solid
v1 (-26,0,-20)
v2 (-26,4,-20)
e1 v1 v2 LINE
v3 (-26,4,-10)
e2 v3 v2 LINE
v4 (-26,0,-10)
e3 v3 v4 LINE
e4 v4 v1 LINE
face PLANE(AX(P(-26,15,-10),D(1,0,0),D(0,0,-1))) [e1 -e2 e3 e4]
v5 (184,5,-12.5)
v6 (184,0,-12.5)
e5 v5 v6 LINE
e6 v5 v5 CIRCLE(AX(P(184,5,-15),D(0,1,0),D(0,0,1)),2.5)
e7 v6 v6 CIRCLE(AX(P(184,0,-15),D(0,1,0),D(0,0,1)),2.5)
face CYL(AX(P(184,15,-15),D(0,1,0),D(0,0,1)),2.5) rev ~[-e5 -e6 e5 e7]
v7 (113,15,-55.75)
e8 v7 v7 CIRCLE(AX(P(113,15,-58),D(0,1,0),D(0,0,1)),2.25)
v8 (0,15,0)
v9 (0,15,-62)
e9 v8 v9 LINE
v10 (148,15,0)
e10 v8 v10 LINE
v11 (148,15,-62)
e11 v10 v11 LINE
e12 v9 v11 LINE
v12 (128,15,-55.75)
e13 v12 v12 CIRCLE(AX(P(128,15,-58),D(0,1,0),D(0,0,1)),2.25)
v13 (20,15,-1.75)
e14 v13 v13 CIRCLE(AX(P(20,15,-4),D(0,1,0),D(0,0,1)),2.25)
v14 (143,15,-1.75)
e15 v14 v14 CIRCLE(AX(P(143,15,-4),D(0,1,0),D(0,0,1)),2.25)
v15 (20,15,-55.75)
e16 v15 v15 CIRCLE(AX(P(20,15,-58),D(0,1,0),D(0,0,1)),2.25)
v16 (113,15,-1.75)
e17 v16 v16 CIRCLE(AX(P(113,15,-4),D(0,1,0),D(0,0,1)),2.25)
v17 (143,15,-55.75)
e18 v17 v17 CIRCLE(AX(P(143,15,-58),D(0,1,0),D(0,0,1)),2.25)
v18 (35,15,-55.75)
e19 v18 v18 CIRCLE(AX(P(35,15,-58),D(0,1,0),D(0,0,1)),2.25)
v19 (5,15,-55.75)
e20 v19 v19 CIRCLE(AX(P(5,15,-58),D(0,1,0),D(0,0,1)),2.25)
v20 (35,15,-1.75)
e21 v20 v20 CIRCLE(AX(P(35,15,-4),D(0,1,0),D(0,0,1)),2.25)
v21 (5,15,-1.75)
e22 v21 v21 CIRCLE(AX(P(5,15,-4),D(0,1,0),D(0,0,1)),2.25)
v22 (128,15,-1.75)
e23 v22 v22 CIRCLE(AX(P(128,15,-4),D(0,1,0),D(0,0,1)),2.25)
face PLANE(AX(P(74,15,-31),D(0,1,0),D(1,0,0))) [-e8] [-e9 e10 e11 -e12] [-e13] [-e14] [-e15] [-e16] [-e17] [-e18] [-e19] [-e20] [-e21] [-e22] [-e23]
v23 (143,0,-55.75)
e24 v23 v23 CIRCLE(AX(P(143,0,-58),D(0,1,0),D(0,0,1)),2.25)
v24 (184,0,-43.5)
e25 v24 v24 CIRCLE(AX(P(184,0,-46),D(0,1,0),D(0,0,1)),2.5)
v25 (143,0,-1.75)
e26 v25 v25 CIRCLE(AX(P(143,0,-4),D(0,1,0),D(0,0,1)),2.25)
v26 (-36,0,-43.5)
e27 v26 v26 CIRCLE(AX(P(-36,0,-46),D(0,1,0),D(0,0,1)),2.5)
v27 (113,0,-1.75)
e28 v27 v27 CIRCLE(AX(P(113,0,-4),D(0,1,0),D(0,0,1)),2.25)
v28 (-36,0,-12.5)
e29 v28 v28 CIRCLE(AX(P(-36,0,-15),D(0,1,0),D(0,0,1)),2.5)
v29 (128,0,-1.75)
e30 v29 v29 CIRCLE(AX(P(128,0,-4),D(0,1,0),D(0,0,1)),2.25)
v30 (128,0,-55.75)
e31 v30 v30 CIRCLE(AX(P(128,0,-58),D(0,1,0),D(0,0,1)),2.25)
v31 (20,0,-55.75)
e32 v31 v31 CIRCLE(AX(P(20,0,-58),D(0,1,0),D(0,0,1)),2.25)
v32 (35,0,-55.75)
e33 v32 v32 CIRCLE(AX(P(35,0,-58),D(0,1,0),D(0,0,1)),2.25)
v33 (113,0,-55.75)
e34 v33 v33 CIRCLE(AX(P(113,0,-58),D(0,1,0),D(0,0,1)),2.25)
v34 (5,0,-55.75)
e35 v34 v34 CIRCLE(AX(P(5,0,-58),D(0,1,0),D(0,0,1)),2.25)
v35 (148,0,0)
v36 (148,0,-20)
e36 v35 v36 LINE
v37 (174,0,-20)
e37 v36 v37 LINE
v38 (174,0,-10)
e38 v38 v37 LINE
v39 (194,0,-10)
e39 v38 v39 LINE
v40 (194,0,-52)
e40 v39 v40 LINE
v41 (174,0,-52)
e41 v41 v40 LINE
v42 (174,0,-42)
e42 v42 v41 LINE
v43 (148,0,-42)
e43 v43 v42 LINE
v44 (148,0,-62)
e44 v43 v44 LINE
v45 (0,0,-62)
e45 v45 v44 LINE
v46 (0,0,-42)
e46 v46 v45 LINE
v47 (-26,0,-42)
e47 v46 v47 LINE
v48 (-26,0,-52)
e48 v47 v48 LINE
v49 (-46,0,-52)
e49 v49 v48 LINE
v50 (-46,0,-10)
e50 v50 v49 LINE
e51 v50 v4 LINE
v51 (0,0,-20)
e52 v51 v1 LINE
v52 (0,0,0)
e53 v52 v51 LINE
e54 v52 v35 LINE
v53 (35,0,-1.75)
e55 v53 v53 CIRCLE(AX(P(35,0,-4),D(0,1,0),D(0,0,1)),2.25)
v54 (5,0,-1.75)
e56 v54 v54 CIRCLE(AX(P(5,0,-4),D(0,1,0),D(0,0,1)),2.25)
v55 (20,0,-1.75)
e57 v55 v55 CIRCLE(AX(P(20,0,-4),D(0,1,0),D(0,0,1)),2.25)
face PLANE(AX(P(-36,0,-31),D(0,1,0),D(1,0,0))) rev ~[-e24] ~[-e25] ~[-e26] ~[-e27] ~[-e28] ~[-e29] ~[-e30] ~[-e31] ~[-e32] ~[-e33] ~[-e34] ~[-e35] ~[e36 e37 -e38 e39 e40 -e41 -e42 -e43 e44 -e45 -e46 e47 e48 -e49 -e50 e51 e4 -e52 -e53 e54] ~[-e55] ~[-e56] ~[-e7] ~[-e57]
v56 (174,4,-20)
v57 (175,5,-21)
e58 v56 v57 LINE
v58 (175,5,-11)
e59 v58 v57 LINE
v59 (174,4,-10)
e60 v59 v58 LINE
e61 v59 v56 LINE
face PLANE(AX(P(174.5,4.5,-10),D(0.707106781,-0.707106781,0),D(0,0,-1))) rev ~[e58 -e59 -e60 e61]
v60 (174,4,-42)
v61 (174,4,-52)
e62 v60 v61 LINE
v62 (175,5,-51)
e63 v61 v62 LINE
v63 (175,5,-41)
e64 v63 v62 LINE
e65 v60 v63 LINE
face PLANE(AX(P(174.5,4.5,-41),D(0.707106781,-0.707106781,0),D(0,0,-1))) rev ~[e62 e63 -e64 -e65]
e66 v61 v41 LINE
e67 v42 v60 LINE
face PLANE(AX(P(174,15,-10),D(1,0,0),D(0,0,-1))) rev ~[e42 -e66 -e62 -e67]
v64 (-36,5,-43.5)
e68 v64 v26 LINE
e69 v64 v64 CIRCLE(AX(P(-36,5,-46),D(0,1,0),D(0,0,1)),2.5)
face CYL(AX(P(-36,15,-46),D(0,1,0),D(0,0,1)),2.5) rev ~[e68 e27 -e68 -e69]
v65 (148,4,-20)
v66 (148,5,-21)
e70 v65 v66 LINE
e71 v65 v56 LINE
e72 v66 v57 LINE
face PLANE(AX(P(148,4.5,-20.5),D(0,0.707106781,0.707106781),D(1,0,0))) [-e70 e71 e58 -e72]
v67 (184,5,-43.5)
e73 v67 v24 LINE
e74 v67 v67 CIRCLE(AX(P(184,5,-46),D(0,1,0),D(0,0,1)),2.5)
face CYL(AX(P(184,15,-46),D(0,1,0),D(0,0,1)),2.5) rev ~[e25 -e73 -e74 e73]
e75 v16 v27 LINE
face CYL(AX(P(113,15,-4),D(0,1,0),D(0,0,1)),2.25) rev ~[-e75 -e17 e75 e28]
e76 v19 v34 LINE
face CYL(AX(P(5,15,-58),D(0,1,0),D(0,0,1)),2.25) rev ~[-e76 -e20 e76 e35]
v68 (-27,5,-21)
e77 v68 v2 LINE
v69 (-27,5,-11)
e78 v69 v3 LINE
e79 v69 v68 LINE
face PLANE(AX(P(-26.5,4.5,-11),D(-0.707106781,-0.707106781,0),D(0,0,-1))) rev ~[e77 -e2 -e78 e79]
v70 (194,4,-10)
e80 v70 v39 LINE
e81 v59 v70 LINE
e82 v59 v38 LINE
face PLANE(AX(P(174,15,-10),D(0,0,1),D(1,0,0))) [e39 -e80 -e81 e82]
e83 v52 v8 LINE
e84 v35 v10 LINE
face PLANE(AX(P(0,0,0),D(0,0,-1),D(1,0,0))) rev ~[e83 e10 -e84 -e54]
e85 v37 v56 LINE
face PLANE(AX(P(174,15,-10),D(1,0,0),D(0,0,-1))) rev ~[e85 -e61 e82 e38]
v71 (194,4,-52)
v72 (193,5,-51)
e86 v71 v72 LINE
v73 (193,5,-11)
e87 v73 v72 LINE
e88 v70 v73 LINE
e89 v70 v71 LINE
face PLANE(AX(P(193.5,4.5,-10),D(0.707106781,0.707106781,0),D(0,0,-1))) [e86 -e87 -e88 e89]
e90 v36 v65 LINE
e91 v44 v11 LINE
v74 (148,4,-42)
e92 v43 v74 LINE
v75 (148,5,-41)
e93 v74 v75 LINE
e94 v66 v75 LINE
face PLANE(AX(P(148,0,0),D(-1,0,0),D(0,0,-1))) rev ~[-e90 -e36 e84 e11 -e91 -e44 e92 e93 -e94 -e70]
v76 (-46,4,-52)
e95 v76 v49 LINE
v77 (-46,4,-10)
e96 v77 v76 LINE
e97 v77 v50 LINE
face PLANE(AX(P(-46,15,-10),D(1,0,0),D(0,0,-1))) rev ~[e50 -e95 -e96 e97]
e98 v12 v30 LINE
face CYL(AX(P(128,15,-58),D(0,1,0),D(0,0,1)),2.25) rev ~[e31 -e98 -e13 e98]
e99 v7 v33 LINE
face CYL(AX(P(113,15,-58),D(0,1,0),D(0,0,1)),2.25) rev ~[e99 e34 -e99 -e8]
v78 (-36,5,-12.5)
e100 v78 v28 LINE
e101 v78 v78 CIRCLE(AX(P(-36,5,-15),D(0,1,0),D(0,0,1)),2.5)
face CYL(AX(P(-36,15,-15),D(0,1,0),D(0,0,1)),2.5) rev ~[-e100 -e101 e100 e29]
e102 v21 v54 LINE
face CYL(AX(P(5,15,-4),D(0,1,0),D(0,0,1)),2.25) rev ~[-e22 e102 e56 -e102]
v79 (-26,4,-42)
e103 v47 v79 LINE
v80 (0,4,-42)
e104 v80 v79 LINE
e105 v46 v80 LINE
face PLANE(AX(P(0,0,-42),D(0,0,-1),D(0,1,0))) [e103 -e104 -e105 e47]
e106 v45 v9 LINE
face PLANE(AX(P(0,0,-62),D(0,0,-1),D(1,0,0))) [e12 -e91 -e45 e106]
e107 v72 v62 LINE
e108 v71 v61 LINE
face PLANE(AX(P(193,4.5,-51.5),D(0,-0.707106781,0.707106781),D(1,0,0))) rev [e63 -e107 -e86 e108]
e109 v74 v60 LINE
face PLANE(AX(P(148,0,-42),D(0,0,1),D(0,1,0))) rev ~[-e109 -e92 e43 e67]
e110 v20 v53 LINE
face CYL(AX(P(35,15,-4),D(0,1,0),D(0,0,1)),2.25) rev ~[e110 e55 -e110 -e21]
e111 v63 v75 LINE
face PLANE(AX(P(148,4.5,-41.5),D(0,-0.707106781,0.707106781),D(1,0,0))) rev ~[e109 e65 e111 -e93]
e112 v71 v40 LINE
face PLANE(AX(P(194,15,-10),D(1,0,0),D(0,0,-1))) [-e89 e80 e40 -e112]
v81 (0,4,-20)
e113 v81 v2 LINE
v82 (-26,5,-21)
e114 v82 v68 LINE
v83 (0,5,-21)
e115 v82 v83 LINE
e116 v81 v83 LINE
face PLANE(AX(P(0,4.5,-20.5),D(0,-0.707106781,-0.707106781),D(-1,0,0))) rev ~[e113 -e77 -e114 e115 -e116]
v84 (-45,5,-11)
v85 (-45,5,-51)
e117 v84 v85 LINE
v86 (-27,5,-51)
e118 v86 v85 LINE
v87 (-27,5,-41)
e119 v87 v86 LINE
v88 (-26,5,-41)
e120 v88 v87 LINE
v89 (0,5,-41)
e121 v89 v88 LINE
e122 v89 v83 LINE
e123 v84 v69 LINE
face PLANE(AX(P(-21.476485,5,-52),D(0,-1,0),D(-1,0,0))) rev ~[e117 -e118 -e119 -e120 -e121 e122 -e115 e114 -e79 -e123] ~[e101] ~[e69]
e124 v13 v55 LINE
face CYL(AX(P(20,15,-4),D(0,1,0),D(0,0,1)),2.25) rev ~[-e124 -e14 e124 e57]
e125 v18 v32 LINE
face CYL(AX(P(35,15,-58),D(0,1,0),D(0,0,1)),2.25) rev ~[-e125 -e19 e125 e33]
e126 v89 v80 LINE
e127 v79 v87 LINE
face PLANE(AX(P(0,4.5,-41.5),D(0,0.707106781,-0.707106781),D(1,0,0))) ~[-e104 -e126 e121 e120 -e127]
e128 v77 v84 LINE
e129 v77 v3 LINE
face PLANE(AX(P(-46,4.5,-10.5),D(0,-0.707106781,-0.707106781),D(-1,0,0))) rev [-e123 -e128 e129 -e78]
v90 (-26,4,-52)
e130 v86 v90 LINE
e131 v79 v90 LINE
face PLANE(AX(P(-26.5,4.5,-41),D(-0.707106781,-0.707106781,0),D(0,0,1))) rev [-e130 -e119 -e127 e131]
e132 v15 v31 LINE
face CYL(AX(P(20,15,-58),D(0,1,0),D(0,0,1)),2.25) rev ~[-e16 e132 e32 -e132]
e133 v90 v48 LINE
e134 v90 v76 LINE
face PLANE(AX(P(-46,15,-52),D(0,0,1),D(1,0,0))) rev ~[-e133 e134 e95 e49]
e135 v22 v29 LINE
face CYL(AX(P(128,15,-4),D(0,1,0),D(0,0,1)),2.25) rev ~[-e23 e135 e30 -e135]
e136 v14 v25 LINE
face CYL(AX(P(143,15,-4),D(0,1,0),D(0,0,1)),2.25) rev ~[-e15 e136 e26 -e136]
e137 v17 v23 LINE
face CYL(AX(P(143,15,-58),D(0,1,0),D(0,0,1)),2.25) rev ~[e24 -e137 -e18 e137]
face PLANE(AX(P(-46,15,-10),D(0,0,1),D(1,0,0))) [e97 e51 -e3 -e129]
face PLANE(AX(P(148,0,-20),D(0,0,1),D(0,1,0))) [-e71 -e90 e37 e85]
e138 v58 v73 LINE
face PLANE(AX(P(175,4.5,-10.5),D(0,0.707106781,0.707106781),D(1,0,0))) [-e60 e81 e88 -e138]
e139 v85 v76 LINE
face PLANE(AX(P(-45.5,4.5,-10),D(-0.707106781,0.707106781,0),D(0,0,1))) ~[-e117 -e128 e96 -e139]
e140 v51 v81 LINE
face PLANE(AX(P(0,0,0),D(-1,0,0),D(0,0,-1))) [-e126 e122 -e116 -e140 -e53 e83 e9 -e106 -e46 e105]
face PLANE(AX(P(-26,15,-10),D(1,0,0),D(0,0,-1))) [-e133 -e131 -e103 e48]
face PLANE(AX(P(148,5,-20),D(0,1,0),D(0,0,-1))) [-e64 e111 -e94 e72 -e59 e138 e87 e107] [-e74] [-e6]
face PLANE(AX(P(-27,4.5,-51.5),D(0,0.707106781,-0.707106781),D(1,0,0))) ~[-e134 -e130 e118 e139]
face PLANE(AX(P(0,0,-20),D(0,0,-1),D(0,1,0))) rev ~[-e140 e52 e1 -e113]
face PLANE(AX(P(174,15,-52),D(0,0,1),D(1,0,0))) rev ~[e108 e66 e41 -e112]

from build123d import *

# Parameters (mm, degrees)
SKETCH1_W           = 148
SKETCH1_H           = 62
BOSS_EXTRUDE1_DEPTH = 15
SKETCH2_R           = 2.25
CUT_EXTRUDE1_DEPTH  = 35
SKETCH3_R           = 2.25
CUT_EXTRUDE2_DEPTH  = 25
SKETCH4_W           = 22
SKETCH4_H           = 5
BOSS_EXTRUDE2_DEPTH = 26
SKETCH5_W           = 22
SKETCH5_H           = 5
BOSS_EXTRUDE3_DEPTH = 26
SKETCH6_W           = 20
SKETCH6_H           = 42
BOSS_EXTRUDE4_DEPTH = 15
SKETCH7_W           = 20
SKETCH7_H           = 42
BOSS_EXTRUDE5_DEPTH = 15
SKETCH8_R           = 2.5
CUT_EXTRUDE3_DEPTH  = 25
SKETCH9_R           = 2.5
CUT_EXTRUDE4_DEPTH  = 25
CHAMFER3_SIZE       = 1
CHAMFER4_SIZE       = 1
CHAMFER5_SIZE       = 1
SKETCH10_W          = 27.530750263
SKETCH10_H          = 14.173658936
CUT_EXTRUDE5_DEPTH  = 60
SKETCH11_W          = 32.495188708
SKETCH11_H          = 15.919959855
CUT_EXTRUDE6_DEPTH  = 60
CHAMFER6_SIZE       = 1
CHAMFER7_SIZE       = 1


with BuildPart() as part:
    # Sketch1 → Boss-Extrude1 (new body)
    with BuildSketch(Plane(origin=(0, 0, 0), x_dir=(1, 0, 0), z_dir=(0, 1, 0))):
        with Locations((74, 31)):
            Rectangle(SKETCH1_W, SKETCH1_H)
    extrude(amount=BOSS_EXTRUDE1_DEPTH)

    # Sketch2 → Cut-Extrude1 (cut)
    with BuildSketch(Plane(origin=(0, 15, 0), x_dir=(1, 0, 0), z_dir=(0, 1, 0))):
        with Locations(Location((5, 4, 0), (0, 0, 270))):
            Circle(SKETCH2_R)
        with Locations(Location((20, 4, 0), (0, 0, 270))):
            Circle(SKETCH2_R)
        with Locations(Location((35, 4, 0), (0, 0, 270))):
            Circle(SKETCH2_R)
        with Locations(Location((5, 58, 0), (0, 0, 270))):
            Circle(SKETCH2_R)
        with Locations(Location((20, 58, 0), (0, 0, 270))):
            Circle(SKETCH2_R)
        with Locations(Location((35, 58, 0), (0, 0, 270))):
            Circle(SKETCH2_R)
    extrude(amount=-CUT_EXTRUDE1_DEPTH, mode=Mode.SUBTRACT)

    # Sketch3 → Cut-Extrude2 (cut)
    with BuildSketch(Plane(origin=(0, 15, 0), x_dir=(1, 0, 0), z_dir=(0, 1, 0))):
        with Locations(Location((143, 58, 0), (0, 0, 270))):
            Circle(SKETCH3_R)
        with Locations(Location((143, 4, 0), (0, 0, 270))):
            Circle(SKETCH3_R)
        with Locations(Location((128, 58, 0), (0, 0, 270))):
            Circle(SKETCH3_R)
        with Locations(Location((113, 58, 0), (0, 0, 270))):
            Circle(SKETCH3_R)
        with Locations(Location((128, 4, 0), (0, 0, 270))):
            Circle(SKETCH3_R)
        with Locations(Location((113, 4, 0), (0, 0, 270))):
            Circle(SKETCH3_R)
    extrude(amount=-CUT_EXTRUDE2_DEPTH, mode=Mode.SUBTRACT)

    # Sketch4 → Boss-Extrude2 (add)
    with BuildSketch(Plane(origin=(148, 0, 0), x_dir=(0, 0, -1), z_dir=(1, 0, 0))):
        with Locations((31, 2.5)):
            Rectangle(SKETCH4_W, SKETCH4_H)
    extrude(amount=BOSS_EXTRUDE2_DEPTH)

    # Sketch5 → Boss-Extrude3 (add)
    with BuildSketch(Plane.ZY):
        with Locations((-31, 2.5)):
            Rectangle(SKETCH5_W, SKETCH5_H)
    extrude(amount=BOSS_EXTRUDE3_DEPTH)

    # Sketch6 → Boss-Extrude4 (add)
    with BuildSketch(Plane(origin=(0, 15, 0), x_dir=(1, 0, 0), z_dir=(0, 1, 0))):
        with Locations((184, 31)):
            Rectangle(SKETCH6_W, SKETCH6_H)
    extrude(amount=-BOSS_EXTRUDE4_DEPTH)

    # Sketch7 → Boss-Extrude5 (add)
    with BuildSketch(Plane(origin=(0, 15, 0), x_dir=(1, 0, 0), z_dir=(0, 1, 0))):
        with Locations((-36, 31)):
            Rectangle(SKETCH7_W, SKETCH7_H)
    extrude(amount=-BOSS_EXTRUDE5_DEPTH)

    # Sketch8 → Cut-Extrude3 (cut)
    with BuildSketch(Plane(origin=(0, 15, 0), x_dir=(1, 0, 0), z_dir=(0, 1, 0))):
        with Locations(Location((-36, 46, 0), (0, 0, 270))):
            Circle(SKETCH8_R)
        with Locations(Location((-36, 15, 0), (0, 0, 270))):
            Circle(SKETCH8_R)
    extrude(amount=-CUT_EXTRUDE3_DEPTH, mode=Mode.SUBTRACT)

    # Sketch9 → Cut-Extrude4 (cut)
    with BuildSketch(Plane(origin=(0, 15, 0), x_dir=(1, 0, 0), z_dir=(0, 1, 0))):
        with Locations(Location((184, 46, 0), (0, 0, 270))):
            Circle(SKETCH9_R)
        with Locations(Location((184, 15, 0), (0, 0, 270))):
            Circle(SKETCH9_R)
    extrude(amount=-CUT_EXTRUDE4_DEPTH, mode=Mode.SUBTRACT)

    # Chamfer3
    chamfer3_edges = [part.edges().sort_by_distance(p)[0] for p in [
        (194, 15, -31),
        (-26, 15, -31),
        (-46, 15, -31),
        (161, 5, -20),
    ]]
    chamfer(chamfer3_edges, length=CHAMFER3_SIZE)

    # Chamfer4
    chamfer4_edges = [part.edges().sort_by_distance(p)[0] for p in [
        (-13, 5, -20),
        (-36, 15, -10),
        (-36, 15, -52),
        (183.5, 15, -10),
        (183.5, 15, -52),
        (161, 5, -42),
    ]]
    chamfer(chamfer4_edges, length=CHAMFER4_SIZE)

    # Chamfer5
    chamfer5_edges = [part.edges().sort_by_distance(p)[0] for p in [
        (-13, 5, -42),
        (174, 15, -31),
    ]]
    chamfer(chamfer5_edges, length=CHAMFER5_SIZE)

    # Sketch10 → Cut-Extrude5 (cut)
    with BuildSketch(Plane(origin=(0, 0, -52), x_dir=(-1, 0, 0), z_dir=(0, 0, -1))):
        with Locations((-183.765375132, 12.086829468)):
            Rectangle(SKETCH10_W, SKETCH10_H)
    extrude(amount=-CUT_EXTRUDE5_DEPTH, mode=Mode.SUBTRACT)

    # Sketch11 → Cut-Extrude6 (cut)
    with BuildSketch(Plane(origin=(0, 0, -52), x_dir=(-1, 0, 0), z_dir=(0, 0, -1))):
        with Locations((37.724079719, 12.959979928)):
            Rectangle(SKETCH11_W, SKETCH11_H)
    extrude(amount=-CUT_EXTRUDE6_DEPTH, mode=Mode.SUBTRACT)

    # Chamfer6
    chamfer6_edges = [part.edges().sort_by_distance(p)[0] for p in [
        (174, 5, -46.5),
        (194, 5, -31),
        (174, 5, -15.5),
        (-46, 5, -31),
        (-36, 5, -10),
        (-26, 5, -46.5),
    ]]
    chamfer(chamfer6_edges, length=CHAMFER6_SIZE)

    # Chamfer7
    chamfer7_edges = [part.edges().sort_by_distance(p)[0] for p in [
        (-36, 5, -52),
        (-26, 5, -16),
        (184, 5, -10),
        (184, 5, -52),
    ]]
    chamfer(chamfer7_edges, length=CHAMFER7_SIZE)


solid = part.part
